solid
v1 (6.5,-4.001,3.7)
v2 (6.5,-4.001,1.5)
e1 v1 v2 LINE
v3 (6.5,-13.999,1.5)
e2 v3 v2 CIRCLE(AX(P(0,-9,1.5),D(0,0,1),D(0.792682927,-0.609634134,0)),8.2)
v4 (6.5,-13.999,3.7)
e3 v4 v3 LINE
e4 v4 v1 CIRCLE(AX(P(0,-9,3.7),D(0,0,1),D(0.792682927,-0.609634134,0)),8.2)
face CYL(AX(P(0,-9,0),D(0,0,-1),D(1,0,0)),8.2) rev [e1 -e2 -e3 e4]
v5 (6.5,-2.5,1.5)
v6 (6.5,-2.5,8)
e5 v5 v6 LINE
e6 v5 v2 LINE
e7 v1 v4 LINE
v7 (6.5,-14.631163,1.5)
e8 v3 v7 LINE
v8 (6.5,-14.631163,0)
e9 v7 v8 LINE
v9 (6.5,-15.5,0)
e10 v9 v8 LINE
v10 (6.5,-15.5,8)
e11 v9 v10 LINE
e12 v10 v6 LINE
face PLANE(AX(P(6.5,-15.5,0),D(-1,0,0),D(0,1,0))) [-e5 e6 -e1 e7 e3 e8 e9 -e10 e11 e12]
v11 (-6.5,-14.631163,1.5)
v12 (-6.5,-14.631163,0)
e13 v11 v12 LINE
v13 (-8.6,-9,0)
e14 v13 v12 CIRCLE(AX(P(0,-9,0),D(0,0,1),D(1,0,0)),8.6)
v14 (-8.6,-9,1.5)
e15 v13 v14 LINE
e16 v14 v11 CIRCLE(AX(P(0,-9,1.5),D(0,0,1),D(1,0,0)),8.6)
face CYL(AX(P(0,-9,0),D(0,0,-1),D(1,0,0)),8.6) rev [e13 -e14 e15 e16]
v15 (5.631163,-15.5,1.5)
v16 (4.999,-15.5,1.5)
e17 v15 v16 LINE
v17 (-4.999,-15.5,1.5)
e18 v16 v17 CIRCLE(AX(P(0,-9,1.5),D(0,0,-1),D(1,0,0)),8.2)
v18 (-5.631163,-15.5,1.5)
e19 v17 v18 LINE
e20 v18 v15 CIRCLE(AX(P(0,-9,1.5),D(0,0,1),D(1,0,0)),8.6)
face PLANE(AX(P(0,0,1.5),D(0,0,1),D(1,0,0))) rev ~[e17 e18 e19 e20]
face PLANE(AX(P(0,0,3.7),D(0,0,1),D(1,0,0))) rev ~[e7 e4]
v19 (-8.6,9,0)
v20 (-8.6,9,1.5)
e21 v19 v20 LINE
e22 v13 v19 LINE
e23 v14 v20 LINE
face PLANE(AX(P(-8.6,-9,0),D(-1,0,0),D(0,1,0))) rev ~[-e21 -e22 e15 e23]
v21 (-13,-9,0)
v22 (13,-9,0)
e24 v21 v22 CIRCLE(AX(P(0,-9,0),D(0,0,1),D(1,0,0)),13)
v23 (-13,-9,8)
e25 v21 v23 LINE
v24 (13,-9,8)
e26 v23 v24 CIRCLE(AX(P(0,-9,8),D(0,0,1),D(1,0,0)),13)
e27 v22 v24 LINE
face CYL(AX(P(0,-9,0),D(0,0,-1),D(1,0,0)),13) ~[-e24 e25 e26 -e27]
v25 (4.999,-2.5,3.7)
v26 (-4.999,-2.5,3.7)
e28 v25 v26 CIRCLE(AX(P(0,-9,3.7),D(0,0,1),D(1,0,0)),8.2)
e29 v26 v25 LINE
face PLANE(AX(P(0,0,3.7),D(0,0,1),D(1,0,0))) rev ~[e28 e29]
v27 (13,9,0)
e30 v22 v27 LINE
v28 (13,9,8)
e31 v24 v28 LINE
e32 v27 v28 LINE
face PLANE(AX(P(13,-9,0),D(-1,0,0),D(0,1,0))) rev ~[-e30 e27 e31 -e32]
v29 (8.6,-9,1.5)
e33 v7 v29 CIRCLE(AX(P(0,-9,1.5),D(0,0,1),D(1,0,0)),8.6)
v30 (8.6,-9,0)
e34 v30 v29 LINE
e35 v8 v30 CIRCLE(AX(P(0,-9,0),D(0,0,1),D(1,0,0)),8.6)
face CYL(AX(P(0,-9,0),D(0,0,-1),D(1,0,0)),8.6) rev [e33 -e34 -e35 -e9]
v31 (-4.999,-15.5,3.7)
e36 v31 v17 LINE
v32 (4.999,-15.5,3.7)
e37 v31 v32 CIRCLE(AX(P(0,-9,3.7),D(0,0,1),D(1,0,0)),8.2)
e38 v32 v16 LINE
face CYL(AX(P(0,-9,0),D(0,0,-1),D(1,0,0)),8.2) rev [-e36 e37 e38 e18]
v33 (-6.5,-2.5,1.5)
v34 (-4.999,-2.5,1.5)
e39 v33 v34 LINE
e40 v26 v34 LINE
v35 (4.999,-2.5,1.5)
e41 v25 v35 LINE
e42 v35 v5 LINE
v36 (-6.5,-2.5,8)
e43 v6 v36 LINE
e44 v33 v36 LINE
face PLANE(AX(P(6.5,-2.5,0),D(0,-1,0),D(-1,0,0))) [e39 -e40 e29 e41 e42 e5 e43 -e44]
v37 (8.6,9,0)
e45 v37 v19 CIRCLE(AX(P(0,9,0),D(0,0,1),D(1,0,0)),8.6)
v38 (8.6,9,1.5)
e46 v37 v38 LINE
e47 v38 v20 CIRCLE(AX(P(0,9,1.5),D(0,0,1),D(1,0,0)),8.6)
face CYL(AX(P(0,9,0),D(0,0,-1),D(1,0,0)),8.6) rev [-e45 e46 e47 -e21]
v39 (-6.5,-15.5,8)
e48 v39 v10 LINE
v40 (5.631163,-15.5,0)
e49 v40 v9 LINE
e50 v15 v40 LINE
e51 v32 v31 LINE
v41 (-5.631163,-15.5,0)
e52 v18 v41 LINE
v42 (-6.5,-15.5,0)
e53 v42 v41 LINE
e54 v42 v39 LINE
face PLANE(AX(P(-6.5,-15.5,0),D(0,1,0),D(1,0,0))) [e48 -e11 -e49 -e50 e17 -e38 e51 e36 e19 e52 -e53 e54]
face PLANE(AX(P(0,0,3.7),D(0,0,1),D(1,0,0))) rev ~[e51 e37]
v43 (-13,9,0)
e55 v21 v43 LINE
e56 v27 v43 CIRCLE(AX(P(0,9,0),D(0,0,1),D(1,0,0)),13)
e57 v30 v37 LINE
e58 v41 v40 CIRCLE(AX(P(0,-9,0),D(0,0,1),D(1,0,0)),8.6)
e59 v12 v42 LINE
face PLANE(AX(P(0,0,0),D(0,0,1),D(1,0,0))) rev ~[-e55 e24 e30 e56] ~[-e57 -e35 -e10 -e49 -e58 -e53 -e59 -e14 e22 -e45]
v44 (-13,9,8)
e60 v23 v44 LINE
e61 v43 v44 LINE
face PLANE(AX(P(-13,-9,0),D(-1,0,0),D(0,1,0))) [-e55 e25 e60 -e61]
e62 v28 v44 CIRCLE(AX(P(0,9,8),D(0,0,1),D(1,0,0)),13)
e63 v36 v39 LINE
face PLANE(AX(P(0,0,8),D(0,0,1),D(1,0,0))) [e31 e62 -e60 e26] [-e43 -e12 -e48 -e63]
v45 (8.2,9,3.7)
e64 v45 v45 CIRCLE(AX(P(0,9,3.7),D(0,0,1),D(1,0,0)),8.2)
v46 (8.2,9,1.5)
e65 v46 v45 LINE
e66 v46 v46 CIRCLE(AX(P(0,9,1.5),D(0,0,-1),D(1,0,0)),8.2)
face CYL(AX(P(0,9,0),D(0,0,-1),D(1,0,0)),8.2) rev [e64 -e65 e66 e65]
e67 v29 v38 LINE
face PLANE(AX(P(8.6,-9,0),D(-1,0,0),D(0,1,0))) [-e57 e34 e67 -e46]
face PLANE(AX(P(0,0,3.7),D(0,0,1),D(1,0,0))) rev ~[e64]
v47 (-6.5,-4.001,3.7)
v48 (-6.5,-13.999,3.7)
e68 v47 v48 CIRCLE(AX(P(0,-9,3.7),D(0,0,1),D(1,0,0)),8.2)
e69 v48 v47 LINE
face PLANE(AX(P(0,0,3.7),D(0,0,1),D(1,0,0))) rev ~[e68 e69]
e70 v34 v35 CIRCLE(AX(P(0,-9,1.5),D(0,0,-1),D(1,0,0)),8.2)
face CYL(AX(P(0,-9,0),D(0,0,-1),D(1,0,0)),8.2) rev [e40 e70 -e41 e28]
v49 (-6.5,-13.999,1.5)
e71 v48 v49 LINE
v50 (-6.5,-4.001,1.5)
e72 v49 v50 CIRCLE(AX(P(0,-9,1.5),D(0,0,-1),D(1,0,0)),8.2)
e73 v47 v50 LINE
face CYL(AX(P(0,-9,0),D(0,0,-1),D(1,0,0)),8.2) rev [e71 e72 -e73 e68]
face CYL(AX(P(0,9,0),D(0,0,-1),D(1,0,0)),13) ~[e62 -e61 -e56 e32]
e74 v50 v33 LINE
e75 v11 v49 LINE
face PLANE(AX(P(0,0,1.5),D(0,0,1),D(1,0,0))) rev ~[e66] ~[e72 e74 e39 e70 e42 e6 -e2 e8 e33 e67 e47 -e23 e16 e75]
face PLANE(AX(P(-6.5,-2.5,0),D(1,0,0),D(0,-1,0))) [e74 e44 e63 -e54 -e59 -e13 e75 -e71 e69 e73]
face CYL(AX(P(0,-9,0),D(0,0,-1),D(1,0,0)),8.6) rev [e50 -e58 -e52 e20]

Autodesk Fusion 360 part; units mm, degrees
sketch "Boceto1" plane through (0, 0, 0) normal (0, 0, 1) x (1, 0, 0)
  circle A0 centre (0, 9) radius 13
  circle A1 centre (0, -9) radius 13
  line L0 (-13, -9) -> (-13, 9)
  line L1 (13, -9) -> (13, 9)
extrude "Extruir1" add sketch "Boceto1" along normal blind 8
sketch "Boceto2" plane through (0, 0, 0) normal (0, 0, 1) x (1, 0, 0)
  circle A0 centre (0, 9) radius 8.6
  circle A1 centre (0, -9) radius 8.6
  line L0 (-8.6, -9) -> (-8.6, 9)
  line L1 (8.6, -9) -> (8.6, 9)
extrude "Extruir2" cut sketch "Boceto2" along normal blind 1.5
sketch "Boceto3" plane through (0, 0, 0) normal (0, 0, 1) x (1, 0, 0)
  circle A0 centre (0, 9) radius 8.2
  circle A1 centre (0, -9) radius 8.2
extrude "Extruir3" cut sketch "Boceto3" along normal blind 3.7
sketch "Boceto4" plane through (0, 0, 0) normal (0, 0, 1) x (1, 0, 0)
  line L0 (-6.5, -15.5) -> (6.5, -15.5)
  line L1 (6.5, -15.5) -> (6.5, -2.5)
  line L2 (6.5, -2.5) -> (-6.5, -2.5)
  line L3 (-6.5, -2.5) -> (-6.5, -15.5)
extrude "Extruir4" cut sketch "Boceto4" along normal blind 8
